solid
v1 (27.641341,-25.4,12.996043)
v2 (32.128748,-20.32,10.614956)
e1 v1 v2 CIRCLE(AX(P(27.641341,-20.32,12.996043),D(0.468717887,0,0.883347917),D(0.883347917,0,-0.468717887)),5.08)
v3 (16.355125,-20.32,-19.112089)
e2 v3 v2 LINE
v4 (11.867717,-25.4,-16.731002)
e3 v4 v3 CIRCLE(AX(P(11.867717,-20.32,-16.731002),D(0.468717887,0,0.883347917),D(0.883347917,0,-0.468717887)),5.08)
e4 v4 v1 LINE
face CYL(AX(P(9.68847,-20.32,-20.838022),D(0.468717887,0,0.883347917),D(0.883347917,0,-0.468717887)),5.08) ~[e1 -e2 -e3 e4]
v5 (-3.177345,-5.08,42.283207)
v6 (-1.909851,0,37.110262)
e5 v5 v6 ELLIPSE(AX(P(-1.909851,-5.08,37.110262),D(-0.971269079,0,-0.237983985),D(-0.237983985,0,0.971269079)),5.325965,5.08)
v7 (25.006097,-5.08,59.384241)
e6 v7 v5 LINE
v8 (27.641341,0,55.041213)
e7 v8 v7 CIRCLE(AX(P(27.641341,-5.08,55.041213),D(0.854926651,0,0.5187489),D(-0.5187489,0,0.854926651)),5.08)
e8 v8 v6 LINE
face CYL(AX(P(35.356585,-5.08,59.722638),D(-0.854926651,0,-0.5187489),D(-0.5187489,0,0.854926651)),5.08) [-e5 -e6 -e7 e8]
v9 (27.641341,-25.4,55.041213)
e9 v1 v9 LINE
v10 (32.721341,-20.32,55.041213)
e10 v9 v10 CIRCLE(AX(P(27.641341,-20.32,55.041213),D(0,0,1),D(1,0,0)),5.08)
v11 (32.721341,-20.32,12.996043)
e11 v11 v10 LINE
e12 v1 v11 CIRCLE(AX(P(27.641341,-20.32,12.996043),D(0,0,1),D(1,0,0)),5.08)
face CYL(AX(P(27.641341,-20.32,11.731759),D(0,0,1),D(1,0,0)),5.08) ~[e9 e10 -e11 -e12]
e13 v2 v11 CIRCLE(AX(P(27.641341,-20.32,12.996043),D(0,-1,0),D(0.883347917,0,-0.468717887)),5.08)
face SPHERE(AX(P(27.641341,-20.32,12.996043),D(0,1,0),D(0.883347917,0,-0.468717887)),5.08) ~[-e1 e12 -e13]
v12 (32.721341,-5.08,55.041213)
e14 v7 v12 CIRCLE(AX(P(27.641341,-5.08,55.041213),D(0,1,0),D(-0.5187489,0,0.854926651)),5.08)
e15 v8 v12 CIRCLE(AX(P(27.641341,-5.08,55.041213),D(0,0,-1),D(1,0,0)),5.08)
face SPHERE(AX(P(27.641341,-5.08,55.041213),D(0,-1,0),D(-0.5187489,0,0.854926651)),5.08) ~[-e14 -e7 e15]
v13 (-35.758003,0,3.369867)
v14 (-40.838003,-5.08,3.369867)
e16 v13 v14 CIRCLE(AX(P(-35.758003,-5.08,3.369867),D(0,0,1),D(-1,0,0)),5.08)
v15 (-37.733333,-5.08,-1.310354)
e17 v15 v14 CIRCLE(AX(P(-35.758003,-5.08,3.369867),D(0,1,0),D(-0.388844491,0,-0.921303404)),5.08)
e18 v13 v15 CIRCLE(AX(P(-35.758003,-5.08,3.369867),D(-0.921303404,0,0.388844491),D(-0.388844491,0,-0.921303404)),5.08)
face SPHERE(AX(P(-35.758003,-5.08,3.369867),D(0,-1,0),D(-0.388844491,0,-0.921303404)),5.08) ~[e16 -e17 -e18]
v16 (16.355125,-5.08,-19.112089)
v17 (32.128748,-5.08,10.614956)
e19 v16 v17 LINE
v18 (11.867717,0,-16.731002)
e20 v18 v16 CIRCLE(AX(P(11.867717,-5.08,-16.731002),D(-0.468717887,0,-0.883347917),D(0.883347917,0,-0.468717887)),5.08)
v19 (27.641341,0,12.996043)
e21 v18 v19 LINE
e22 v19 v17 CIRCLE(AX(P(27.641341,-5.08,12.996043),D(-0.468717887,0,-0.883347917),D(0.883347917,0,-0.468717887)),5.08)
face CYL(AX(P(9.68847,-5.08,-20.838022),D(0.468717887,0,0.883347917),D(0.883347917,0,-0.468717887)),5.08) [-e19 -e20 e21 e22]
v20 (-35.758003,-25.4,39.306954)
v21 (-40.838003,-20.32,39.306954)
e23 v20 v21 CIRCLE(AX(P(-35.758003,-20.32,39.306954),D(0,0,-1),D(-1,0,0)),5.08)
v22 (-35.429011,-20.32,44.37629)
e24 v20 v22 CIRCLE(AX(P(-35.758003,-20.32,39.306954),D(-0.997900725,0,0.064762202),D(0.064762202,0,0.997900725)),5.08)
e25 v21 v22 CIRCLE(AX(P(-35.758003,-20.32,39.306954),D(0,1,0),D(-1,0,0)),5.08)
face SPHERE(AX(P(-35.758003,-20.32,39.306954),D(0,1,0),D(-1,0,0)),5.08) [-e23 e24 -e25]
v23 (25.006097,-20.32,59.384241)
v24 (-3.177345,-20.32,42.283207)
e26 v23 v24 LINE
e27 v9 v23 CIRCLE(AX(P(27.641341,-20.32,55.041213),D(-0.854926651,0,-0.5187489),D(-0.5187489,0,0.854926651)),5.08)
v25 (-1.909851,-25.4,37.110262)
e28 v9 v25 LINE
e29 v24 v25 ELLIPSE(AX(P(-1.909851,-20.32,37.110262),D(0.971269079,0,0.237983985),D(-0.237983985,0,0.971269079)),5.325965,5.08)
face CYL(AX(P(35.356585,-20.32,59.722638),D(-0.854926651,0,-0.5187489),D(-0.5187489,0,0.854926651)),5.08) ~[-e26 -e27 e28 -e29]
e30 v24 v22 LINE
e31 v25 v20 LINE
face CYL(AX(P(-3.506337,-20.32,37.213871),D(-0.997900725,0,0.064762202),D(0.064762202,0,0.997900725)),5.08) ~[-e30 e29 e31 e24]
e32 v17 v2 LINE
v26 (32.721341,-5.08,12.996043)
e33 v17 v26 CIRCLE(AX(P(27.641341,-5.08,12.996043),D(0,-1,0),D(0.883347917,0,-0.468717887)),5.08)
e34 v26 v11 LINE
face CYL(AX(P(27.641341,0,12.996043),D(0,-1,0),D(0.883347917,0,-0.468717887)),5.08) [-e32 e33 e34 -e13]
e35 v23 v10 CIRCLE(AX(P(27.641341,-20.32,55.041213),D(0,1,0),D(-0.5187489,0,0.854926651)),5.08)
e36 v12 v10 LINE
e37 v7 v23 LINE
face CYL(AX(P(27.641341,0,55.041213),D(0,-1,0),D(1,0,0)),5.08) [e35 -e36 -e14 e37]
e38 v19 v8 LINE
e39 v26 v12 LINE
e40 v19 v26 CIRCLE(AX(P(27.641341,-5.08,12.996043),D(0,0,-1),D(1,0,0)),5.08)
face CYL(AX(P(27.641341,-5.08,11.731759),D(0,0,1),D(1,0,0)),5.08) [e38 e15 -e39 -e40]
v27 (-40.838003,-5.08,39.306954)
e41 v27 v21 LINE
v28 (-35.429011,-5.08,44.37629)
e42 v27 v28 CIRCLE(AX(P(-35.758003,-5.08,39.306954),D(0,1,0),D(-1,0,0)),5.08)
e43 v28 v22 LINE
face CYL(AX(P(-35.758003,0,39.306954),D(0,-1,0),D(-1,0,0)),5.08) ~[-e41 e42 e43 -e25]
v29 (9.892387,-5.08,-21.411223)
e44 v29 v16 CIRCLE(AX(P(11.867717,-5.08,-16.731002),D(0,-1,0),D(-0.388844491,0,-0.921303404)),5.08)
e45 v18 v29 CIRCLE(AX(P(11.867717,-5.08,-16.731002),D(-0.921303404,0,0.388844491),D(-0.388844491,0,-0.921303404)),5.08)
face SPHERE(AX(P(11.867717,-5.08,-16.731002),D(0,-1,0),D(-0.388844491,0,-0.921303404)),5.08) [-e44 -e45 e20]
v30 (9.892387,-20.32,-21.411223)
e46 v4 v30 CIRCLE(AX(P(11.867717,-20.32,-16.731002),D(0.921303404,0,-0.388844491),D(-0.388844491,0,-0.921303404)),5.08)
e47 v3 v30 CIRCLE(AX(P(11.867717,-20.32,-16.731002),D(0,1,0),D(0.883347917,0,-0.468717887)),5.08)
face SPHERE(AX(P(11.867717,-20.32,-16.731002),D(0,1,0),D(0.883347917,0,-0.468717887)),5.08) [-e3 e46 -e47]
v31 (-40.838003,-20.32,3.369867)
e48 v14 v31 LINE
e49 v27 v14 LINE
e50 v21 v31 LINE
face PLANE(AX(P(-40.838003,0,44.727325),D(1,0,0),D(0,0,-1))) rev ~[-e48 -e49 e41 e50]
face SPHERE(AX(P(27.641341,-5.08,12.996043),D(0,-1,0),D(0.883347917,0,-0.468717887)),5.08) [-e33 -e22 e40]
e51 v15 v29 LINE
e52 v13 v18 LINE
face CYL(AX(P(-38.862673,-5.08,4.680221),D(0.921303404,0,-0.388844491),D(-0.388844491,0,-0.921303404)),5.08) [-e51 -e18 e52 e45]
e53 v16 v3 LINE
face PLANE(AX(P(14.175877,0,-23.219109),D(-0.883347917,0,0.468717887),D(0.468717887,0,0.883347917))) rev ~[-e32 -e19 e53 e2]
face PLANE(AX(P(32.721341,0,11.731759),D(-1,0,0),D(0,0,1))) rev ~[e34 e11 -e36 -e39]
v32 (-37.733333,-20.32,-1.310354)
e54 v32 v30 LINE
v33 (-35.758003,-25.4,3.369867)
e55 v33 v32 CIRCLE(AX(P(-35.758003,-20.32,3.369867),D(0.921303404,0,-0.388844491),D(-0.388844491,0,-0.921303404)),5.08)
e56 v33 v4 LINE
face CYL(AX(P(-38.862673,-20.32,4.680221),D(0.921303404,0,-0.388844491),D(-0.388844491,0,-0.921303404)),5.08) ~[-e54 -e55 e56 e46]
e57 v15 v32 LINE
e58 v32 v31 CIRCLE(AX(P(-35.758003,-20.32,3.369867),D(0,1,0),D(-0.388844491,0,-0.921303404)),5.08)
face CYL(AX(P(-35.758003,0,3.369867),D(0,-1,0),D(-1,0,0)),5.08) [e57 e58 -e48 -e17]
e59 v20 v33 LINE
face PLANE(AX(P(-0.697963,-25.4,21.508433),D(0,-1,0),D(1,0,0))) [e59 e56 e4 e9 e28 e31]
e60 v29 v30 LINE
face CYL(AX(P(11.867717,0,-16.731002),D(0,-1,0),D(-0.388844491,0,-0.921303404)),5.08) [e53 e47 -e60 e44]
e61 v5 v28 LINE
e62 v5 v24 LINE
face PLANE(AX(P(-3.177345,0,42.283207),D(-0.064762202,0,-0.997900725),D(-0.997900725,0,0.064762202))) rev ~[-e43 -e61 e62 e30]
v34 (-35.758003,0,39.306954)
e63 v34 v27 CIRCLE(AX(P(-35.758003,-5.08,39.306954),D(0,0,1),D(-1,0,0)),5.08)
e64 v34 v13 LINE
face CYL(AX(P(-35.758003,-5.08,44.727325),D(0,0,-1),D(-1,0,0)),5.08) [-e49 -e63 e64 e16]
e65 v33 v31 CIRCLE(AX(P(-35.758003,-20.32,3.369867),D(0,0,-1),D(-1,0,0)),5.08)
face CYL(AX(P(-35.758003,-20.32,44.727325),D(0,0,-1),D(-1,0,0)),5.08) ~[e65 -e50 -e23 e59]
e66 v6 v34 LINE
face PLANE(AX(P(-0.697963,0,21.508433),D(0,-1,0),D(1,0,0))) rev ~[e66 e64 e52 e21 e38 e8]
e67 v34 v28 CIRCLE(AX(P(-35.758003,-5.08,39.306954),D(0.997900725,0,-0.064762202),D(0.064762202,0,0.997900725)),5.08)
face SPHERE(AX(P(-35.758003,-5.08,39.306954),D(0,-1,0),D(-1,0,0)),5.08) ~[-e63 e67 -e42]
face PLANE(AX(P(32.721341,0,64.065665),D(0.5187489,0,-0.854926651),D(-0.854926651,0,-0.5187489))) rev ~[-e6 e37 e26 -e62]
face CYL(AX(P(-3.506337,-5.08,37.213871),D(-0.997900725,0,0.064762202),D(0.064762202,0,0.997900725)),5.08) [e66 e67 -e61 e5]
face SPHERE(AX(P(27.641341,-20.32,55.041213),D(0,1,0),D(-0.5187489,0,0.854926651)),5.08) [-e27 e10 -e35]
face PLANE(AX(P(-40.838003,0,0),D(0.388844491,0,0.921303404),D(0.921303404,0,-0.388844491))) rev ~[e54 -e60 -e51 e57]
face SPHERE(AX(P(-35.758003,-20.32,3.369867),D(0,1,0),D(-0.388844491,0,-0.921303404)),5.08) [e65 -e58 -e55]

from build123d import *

# Parameters (mm, degrees)
F1_DEPTH = 25.4
F2_R     = 5.08


with BuildPart() as f1:
    # F0 (on Front) → F1 (new body)
    with BuildSketch(Plane.XZ):
        Polygon((-40.838003, 44.727325), (-40.838003, 0), (14.175877, -23.219109), (32.721341, 11.731759), (32.721341, 64.065665), (-3.177345, 42.283207), align=None)
    extrude(amount=F1_DEPTH)

    # F2
    f2_edges = [f1.edges().sort_by_distance(p)[0] for p in [
        (32.721341, -25.4, 37.898712),
        (32.721341, 0, 37.898712),
        (32.721341, -12.7, 64.065665),
        (32.721341, -12.7, 11.731759),
        (-40.838003, -12.7, 44.727325),
        (-40.838003, 0, 22.363663),
        (-40.838003, -25.4, 22.363663),
        (-40.838003, -12.7, 0),
        (-22.007674, 0, 43.505266),
        (14.771998, 0, 53.174436),
        (-22.007674, -25.4, 43.505266),
        (14.771998, -25.4, 53.174436),
        (-13.331063, -25.4, -11.609554),
        (-13.331063, 0, -11.609554),
        (23.448609, 0, -5.743675),
        (14.175877, -12.7, -23.219109),
        (23.448609, -25.4, -5.743675),
    ]]
    fillet(f2_edges, radius=F2_R)


solid = f1.part
